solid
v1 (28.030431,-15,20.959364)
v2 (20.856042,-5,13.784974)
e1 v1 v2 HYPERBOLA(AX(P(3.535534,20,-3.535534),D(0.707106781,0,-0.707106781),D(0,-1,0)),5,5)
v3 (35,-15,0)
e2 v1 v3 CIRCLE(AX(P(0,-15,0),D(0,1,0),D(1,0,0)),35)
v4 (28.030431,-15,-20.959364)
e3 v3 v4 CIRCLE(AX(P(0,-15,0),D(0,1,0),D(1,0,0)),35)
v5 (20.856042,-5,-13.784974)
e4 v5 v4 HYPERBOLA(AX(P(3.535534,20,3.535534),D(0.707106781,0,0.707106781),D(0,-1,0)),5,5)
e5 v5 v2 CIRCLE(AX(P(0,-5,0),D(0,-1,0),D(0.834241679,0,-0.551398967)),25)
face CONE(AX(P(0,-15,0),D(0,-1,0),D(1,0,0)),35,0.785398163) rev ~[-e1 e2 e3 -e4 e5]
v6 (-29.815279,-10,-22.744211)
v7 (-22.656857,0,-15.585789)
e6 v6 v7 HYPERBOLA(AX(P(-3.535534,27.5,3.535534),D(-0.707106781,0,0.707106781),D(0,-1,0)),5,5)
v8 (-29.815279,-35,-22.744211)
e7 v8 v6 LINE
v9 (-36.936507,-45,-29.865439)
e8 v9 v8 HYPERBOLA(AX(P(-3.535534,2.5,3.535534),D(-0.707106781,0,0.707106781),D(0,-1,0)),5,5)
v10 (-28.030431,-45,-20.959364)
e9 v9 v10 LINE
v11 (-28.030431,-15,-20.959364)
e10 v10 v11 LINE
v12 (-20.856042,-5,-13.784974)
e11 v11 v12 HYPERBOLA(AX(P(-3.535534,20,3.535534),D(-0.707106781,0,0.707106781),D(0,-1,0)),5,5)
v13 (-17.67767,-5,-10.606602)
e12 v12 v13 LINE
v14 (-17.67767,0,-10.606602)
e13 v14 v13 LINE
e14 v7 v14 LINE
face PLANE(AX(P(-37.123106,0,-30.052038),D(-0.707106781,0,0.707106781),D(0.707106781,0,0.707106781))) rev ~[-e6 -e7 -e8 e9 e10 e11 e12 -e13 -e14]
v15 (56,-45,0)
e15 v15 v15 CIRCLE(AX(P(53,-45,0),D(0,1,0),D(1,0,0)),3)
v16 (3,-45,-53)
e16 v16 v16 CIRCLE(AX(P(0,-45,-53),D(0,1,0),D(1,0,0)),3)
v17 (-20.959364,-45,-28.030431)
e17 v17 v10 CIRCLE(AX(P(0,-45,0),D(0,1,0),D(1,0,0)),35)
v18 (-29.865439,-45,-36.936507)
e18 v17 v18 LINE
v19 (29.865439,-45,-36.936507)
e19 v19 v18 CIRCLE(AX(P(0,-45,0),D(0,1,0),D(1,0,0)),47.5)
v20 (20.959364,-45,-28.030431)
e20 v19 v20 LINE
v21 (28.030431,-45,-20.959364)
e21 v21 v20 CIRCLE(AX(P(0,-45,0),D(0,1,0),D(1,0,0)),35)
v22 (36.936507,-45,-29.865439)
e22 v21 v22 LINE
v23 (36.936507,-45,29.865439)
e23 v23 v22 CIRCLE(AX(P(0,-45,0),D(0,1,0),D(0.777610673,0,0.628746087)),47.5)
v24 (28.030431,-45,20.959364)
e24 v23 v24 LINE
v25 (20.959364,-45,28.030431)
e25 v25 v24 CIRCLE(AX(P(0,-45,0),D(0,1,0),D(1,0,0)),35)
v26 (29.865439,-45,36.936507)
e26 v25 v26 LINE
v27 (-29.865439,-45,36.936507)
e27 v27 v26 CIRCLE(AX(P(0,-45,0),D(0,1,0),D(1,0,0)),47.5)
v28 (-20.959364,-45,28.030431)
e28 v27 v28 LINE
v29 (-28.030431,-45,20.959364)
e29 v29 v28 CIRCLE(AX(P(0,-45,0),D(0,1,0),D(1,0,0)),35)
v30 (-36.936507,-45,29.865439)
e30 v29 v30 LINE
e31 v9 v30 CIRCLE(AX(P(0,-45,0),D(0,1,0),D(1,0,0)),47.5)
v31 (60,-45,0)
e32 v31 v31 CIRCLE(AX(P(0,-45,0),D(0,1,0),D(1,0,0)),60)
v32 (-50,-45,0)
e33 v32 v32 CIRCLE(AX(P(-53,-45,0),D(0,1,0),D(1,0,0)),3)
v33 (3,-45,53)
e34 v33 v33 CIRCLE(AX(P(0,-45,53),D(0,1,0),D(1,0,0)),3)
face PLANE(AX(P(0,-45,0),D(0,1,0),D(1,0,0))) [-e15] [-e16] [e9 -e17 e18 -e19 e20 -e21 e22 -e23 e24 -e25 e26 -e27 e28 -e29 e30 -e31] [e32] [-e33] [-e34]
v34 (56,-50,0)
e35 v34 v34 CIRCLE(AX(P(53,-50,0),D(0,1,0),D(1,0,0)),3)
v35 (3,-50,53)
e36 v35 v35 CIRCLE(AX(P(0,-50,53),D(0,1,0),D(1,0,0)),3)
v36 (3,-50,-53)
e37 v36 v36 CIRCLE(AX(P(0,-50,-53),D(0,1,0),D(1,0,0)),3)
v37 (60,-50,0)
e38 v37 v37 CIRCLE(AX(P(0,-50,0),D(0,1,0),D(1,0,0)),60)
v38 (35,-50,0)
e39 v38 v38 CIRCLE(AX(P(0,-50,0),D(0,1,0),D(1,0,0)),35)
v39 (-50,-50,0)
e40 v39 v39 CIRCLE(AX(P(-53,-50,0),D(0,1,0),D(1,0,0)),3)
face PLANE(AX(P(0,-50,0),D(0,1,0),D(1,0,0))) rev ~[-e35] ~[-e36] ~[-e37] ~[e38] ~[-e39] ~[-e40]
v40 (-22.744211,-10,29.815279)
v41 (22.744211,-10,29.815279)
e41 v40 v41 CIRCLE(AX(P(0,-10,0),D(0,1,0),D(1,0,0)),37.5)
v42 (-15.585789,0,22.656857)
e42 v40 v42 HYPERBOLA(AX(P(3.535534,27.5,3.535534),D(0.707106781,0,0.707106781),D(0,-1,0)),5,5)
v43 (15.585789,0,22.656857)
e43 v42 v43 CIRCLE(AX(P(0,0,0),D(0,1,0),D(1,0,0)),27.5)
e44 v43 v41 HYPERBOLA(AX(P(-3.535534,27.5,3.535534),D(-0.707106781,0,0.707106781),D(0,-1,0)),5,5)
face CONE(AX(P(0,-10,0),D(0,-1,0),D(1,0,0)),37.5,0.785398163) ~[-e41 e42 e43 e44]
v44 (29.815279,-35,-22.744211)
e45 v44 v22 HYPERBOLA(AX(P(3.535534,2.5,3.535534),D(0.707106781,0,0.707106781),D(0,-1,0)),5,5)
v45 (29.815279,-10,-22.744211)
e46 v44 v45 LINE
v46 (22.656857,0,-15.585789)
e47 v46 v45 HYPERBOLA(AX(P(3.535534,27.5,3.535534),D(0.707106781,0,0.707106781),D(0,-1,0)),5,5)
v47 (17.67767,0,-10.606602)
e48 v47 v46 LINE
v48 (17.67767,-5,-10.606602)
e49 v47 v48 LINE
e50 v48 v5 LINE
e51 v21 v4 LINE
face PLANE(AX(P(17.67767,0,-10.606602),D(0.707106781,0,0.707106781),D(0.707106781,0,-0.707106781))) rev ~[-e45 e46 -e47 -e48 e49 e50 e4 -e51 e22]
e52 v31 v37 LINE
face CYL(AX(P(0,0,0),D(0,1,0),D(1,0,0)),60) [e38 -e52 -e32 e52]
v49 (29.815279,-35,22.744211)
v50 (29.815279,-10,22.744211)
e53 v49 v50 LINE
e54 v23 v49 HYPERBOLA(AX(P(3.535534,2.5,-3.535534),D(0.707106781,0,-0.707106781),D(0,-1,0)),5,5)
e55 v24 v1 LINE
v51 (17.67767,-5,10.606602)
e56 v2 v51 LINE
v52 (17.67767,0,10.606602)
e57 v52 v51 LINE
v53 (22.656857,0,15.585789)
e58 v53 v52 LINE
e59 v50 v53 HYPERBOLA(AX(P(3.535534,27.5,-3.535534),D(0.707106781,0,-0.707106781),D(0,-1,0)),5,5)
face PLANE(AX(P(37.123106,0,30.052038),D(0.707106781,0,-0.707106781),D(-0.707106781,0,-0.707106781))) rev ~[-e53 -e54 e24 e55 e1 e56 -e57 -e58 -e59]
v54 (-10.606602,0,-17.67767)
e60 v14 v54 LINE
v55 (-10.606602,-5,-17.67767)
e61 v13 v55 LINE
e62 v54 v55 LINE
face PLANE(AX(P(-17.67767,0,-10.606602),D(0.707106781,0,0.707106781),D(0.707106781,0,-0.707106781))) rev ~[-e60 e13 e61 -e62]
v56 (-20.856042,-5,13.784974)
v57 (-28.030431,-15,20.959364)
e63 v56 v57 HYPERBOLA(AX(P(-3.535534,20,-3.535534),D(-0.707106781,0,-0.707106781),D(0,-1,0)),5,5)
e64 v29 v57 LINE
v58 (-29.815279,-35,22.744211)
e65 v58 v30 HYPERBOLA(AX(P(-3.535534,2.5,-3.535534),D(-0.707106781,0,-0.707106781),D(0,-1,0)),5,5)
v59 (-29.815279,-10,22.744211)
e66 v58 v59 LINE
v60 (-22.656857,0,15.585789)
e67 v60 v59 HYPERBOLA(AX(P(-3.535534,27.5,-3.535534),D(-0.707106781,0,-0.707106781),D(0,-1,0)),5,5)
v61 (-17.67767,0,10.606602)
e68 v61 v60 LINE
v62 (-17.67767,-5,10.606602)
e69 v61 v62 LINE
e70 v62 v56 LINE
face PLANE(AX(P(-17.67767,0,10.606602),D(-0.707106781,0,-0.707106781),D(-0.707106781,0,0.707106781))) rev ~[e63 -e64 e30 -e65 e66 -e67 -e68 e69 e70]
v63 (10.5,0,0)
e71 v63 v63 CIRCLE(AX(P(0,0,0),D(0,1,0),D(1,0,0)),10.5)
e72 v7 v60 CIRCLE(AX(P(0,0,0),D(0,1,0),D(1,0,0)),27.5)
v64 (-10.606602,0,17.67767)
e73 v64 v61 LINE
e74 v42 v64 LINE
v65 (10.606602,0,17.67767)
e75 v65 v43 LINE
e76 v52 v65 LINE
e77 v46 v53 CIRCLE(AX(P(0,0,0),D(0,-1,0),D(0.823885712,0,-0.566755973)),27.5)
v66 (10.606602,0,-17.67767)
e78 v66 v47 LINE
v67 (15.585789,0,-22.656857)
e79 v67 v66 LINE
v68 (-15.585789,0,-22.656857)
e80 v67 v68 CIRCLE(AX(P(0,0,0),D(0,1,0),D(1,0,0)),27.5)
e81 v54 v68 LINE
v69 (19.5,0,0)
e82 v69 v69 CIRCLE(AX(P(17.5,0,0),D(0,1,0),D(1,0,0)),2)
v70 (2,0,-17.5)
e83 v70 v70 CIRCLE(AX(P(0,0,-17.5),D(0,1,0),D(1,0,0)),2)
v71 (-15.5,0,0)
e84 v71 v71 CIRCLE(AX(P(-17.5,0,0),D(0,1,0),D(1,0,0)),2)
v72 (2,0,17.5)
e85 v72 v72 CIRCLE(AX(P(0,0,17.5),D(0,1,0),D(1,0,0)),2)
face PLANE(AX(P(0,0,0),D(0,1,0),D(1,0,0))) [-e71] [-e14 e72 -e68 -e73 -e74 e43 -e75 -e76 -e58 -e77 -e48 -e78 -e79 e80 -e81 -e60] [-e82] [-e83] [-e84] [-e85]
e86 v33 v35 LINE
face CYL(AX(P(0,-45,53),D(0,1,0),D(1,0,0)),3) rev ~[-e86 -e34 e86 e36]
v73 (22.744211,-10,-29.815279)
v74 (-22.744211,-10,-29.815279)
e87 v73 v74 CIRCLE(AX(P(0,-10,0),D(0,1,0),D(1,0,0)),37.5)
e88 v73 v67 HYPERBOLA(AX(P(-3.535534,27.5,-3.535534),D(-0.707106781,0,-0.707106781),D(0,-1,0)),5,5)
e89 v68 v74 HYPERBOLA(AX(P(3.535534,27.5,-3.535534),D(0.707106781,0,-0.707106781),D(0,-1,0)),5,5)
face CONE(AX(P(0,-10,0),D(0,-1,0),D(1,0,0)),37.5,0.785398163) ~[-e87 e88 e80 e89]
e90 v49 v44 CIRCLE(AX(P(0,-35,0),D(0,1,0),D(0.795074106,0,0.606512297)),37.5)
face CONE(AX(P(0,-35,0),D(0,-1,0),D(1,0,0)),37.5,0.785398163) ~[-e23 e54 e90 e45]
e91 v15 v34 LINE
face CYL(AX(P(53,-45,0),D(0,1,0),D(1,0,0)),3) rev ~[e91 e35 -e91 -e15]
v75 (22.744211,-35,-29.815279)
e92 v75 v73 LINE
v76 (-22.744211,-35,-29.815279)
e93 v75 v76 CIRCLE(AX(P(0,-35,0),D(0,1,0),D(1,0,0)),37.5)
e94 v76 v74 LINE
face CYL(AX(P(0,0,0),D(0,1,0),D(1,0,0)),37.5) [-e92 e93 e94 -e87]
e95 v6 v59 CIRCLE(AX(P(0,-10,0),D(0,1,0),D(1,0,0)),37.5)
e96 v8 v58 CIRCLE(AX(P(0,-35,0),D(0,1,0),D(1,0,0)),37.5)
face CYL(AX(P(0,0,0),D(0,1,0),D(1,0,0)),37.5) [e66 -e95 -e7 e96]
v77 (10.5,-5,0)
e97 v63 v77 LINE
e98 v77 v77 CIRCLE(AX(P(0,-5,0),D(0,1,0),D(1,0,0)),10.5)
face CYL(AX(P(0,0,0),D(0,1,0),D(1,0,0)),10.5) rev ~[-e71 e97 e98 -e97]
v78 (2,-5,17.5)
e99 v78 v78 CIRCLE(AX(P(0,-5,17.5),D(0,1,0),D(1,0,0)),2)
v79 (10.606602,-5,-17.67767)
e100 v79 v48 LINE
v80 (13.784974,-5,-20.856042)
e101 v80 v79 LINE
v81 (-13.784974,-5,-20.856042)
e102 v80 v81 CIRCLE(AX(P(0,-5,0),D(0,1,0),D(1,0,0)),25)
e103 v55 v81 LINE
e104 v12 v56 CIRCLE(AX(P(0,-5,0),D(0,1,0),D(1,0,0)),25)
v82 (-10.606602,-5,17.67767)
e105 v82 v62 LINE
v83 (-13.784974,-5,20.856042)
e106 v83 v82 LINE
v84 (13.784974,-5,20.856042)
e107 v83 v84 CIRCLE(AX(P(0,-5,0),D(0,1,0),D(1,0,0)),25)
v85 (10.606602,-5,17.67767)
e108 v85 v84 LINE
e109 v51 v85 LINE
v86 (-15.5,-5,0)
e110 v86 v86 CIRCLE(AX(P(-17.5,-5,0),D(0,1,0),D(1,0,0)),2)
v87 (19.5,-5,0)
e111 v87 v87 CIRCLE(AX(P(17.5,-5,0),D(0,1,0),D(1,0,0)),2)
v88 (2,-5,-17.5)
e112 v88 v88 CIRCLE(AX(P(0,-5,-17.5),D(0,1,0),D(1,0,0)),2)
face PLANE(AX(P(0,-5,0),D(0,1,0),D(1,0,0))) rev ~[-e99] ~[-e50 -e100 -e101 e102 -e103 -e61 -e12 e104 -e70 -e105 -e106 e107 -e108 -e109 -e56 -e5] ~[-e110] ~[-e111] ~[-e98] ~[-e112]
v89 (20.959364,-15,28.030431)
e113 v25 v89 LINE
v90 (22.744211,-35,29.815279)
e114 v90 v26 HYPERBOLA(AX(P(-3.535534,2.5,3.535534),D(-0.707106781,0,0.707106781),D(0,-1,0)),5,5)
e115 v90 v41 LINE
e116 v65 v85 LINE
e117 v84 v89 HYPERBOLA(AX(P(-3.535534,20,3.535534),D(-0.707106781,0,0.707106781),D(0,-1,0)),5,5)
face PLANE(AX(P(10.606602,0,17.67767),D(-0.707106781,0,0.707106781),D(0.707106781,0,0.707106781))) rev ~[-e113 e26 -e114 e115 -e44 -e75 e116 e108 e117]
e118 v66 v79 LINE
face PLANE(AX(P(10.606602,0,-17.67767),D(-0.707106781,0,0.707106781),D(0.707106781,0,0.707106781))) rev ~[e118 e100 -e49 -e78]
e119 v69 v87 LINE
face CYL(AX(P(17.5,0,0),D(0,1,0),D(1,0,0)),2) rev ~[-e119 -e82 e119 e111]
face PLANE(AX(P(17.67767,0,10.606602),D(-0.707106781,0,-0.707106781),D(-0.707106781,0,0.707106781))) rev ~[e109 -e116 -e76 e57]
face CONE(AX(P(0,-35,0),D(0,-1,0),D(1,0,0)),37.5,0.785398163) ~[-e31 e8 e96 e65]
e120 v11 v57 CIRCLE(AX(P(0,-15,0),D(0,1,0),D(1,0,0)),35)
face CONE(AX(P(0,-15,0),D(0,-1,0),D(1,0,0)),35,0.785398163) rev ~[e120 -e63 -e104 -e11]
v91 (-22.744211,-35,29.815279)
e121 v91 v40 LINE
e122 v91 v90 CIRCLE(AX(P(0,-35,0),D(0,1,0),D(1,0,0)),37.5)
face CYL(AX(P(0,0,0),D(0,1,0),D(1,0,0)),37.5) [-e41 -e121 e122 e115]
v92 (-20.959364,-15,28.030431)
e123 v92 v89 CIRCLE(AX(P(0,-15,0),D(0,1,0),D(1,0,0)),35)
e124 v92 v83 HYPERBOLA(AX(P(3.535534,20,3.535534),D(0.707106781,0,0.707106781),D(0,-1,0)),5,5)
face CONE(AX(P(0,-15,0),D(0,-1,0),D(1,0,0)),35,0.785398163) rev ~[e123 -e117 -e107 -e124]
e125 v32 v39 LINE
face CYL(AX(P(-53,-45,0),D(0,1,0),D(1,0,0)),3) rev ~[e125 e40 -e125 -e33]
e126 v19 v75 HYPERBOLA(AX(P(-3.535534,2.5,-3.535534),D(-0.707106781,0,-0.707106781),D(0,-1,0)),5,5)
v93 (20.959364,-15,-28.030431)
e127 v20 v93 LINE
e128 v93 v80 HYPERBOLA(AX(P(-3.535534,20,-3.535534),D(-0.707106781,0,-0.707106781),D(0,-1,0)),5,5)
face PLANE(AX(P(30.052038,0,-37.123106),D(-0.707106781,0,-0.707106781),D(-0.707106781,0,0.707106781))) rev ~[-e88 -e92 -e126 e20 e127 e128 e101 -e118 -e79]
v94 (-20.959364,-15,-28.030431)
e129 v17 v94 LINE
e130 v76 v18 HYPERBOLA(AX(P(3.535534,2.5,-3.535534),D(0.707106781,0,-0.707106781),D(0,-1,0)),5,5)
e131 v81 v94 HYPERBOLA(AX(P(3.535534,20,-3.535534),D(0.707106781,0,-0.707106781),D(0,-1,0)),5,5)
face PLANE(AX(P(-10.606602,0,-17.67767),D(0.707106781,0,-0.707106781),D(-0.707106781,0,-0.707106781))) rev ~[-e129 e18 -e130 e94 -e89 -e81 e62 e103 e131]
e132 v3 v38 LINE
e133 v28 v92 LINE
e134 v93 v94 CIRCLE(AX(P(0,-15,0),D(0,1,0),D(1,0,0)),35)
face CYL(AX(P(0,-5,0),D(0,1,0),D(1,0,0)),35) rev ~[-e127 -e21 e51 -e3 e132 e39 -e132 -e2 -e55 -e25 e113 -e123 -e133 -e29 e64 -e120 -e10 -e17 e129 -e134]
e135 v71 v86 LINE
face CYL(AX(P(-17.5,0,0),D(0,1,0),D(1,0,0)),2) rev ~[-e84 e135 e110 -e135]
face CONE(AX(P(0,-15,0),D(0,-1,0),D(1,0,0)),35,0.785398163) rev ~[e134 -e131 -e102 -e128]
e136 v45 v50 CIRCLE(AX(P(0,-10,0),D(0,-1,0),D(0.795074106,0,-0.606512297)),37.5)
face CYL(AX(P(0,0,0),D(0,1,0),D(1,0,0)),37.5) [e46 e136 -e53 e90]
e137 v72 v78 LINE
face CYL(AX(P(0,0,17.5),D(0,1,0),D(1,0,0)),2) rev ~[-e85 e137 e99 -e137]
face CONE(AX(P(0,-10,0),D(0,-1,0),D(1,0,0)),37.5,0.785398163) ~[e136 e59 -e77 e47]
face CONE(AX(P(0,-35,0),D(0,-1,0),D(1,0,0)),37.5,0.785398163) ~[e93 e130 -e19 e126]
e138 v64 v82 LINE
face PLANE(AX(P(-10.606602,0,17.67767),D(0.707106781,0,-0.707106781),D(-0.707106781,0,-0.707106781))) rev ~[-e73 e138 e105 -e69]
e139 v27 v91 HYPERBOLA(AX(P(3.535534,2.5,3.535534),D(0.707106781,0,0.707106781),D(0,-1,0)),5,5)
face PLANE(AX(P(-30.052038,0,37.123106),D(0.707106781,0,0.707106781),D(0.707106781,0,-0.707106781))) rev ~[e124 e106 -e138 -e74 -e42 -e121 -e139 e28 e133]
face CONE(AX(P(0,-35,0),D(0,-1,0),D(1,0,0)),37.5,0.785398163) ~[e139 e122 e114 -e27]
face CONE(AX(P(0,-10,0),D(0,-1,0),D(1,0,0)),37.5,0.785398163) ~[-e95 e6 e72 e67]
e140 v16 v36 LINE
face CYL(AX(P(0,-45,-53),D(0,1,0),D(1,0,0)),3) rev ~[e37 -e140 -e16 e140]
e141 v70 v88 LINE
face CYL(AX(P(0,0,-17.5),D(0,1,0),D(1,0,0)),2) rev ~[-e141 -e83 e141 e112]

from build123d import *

# Parameters (mm, degrees)
SKETCH1_R                  = 60
STOCK_DEPTH                = 50
HOLLOWINTERIOR_REACH       = 57
HOLLOWINTERIOR_START       = -5
SKETCH8_R                  = 35
SKETCH7_R                  = 10.5
HOLEFORMOTORSHAFT_DEPTH    = 51
SKETCH9_OUTSIDE_W          = 157.384
SKETCH9_OUTSIDE_H          = 157.384
SKETCH9_OUTSIDE_R          = 37.5
EXTERIORLATHE_DEPTH        = 45
CHAMFER1_SIZE              = 10
CHAMFER2_SIZE              = 10
CHAMFER3_SIZE              = 10
SLOTSFORFUN_DEPTH          = 45
SKETCH13_R                 = 2
GEARBOXMOUNTINGHOLES_DEPTH = 5
CUT_EXTRUDE5_START         = -45
SKETCH14_R                 = 3
CUT_EXTRUDE5_DEPTH         = 5


with BuildPart() as part:
    # Sketch1 → Stock (new body)
    with BuildSketch(Plane(origin=(0, 0, 0), x_dir=(1, 0, 0), z_dir=(0, 1, 0))):
        Circle(SKETCH1_R)
    extrude(amount=-STOCK_DEPTH)

    # Sketch8 → HollowInterior (cut, up to next)
    with BuildSketch(Plane(origin=(0, 0, 0), x_dir=(1, 0, 0), z_dir=(0, 1, 0)).offset(HOLLOWINTERIOR_START), mode=Mode.PRIVATE) as hollowinterior_sk1:
        Circle(SKETCH8_R)
    hollowinterior_tool1 = extrude(hollowinterior_sk1.sketch, amount=-HOLLOWINTERIOR_REACH, mode=Mode.PRIVATE) & part.part
    add(hollowinterior_tool1.solids().sort_by_distance((0, -5, 0))[0], mode=Mode.SUBTRACT)

    # Sketch7 → HoleForMotorShaft (cut, through all)
    with BuildSketch(Plane(origin=(0, 0, 0), x_dir=(1, 0, 0), z_dir=(0, 1, 0))):
        Circle(SKETCH7_R)
    extrude(amount=-HOLEFORMOTORSHAFT_DEPTH, mode=Mode.SUBTRACT)

    # Sketch9 outside → ExteriorLathe (cut)
    with BuildSketch(Plane(origin=(0, 0, 0), x_dir=(1, 0, 0), z_dir=(0, 1, 0))):
        Rectangle(SKETCH9_OUTSIDE_W, SKETCH9_OUTSIDE_H)
        Circle(SKETCH9_OUTSIDE_R, mode=Mode.SUBTRACT)
    extrude(amount=-EXTERIORLATHE_DEPTH, mode=Mode.SUBTRACT)

    # Chamfer1
    chamfer1_edges = [part.edges().sort_by_distance(p)[0] for p in [
        (-35, -5, 0),
    ]]
    chamfer(chamfer1_edges, length=CHAMFER1_SIZE)

    # Chamfer2
    chamfer2_edges = [part.edges().sort_by_distance(p)[0] for p in [
        (-37.5, 0, 0),
    ]]
    chamfer(chamfer2_edges, length=CHAMFER2_SIZE)

    # Chamfer3
    chamfer3_edges = [part.edges().sort_by_distance(p)[0] for p in [
        (-37.5, -45, 0),
    ]]
    chamfer(chamfer3_edges, length=CHAMFER3_SIZE)

    # Sketch10 → SlotsForFun (cut)
    with BuildSketch(Plane(origin=(0, 0, 0), x_dir=(1, 0, 0), z_dir=(0, 1, 0))):
        Polygon((-10.606601718, 17.67766953), (-30.0520382, 37.123106012), (-37.123106012, 30.0520382), (-17.67766953, 10.606601718), align=None)
        Polygon((17.67766953, 10.606601718), (37.123106012, 30.0520382), (30.0520382, 37.123106012), (10.606601718, 17.67766953), align=None)
        Polygon((10.606601718, -17.67766953), (30.0520382, -37.123106012), (37.123106012, -30.0520382), (17.67766953, -10.606601718), align=None)
        Polygon((-17.67766953, -10.606601718), (-37.123106012, -30.0520382), (-30.0520382, -37.123106012), (-10.606601718, -17.67766953), align=None)
    extrude(amount=-SLOTSFORFUN_DEPTH, mode=Mode.SUBTRACT)

    # Sketch13 → GearboxMountingHoles (cut)
    with BuildSketch(Plane(origin=(0, 0, 0), x_dir=(1, 0, 0), z_dir=(0, 1, 0))):
        with Locations((0, 17.5)):
            Circle(SKETCH13_R)
        with Locations((17.5, 0)):
            Circle(SKETCH13_R)
        with Locations((0, -17.5)):
            Circle(SKETCH13_R)
        with Locations((-17.5, 0)):
            Circle(SKETCH13_R)
    extrude(amount=-GEARBOXMOUNTINGHOLES_DEPTH, mode=Mode.SUBTRACT)

    # Sketch14 → Cut-Extrude5 (cut)
    with BuildSketch(Plane(origin=(0, 0, 0), x_dir=(1, 0, 0), z_dir=(0, 1, 0)).offset(CUT_EXTRUDE5_START)):
        with Locations((0, 53)):
            Circle(SKETCH14_R)
        with Locations((53, 0)):
            Circle(SKETCH14_R)
        with Locations((0, -53)):
            Circle(SKETCH14_R)
        with Locations((-53, 0)):
            Circle(SKETCH14_R)
    extrude(amount=-CUT_EXTRUDE5_DEPTH, mode=Mode.SUBTRACT)


solid = part.part
